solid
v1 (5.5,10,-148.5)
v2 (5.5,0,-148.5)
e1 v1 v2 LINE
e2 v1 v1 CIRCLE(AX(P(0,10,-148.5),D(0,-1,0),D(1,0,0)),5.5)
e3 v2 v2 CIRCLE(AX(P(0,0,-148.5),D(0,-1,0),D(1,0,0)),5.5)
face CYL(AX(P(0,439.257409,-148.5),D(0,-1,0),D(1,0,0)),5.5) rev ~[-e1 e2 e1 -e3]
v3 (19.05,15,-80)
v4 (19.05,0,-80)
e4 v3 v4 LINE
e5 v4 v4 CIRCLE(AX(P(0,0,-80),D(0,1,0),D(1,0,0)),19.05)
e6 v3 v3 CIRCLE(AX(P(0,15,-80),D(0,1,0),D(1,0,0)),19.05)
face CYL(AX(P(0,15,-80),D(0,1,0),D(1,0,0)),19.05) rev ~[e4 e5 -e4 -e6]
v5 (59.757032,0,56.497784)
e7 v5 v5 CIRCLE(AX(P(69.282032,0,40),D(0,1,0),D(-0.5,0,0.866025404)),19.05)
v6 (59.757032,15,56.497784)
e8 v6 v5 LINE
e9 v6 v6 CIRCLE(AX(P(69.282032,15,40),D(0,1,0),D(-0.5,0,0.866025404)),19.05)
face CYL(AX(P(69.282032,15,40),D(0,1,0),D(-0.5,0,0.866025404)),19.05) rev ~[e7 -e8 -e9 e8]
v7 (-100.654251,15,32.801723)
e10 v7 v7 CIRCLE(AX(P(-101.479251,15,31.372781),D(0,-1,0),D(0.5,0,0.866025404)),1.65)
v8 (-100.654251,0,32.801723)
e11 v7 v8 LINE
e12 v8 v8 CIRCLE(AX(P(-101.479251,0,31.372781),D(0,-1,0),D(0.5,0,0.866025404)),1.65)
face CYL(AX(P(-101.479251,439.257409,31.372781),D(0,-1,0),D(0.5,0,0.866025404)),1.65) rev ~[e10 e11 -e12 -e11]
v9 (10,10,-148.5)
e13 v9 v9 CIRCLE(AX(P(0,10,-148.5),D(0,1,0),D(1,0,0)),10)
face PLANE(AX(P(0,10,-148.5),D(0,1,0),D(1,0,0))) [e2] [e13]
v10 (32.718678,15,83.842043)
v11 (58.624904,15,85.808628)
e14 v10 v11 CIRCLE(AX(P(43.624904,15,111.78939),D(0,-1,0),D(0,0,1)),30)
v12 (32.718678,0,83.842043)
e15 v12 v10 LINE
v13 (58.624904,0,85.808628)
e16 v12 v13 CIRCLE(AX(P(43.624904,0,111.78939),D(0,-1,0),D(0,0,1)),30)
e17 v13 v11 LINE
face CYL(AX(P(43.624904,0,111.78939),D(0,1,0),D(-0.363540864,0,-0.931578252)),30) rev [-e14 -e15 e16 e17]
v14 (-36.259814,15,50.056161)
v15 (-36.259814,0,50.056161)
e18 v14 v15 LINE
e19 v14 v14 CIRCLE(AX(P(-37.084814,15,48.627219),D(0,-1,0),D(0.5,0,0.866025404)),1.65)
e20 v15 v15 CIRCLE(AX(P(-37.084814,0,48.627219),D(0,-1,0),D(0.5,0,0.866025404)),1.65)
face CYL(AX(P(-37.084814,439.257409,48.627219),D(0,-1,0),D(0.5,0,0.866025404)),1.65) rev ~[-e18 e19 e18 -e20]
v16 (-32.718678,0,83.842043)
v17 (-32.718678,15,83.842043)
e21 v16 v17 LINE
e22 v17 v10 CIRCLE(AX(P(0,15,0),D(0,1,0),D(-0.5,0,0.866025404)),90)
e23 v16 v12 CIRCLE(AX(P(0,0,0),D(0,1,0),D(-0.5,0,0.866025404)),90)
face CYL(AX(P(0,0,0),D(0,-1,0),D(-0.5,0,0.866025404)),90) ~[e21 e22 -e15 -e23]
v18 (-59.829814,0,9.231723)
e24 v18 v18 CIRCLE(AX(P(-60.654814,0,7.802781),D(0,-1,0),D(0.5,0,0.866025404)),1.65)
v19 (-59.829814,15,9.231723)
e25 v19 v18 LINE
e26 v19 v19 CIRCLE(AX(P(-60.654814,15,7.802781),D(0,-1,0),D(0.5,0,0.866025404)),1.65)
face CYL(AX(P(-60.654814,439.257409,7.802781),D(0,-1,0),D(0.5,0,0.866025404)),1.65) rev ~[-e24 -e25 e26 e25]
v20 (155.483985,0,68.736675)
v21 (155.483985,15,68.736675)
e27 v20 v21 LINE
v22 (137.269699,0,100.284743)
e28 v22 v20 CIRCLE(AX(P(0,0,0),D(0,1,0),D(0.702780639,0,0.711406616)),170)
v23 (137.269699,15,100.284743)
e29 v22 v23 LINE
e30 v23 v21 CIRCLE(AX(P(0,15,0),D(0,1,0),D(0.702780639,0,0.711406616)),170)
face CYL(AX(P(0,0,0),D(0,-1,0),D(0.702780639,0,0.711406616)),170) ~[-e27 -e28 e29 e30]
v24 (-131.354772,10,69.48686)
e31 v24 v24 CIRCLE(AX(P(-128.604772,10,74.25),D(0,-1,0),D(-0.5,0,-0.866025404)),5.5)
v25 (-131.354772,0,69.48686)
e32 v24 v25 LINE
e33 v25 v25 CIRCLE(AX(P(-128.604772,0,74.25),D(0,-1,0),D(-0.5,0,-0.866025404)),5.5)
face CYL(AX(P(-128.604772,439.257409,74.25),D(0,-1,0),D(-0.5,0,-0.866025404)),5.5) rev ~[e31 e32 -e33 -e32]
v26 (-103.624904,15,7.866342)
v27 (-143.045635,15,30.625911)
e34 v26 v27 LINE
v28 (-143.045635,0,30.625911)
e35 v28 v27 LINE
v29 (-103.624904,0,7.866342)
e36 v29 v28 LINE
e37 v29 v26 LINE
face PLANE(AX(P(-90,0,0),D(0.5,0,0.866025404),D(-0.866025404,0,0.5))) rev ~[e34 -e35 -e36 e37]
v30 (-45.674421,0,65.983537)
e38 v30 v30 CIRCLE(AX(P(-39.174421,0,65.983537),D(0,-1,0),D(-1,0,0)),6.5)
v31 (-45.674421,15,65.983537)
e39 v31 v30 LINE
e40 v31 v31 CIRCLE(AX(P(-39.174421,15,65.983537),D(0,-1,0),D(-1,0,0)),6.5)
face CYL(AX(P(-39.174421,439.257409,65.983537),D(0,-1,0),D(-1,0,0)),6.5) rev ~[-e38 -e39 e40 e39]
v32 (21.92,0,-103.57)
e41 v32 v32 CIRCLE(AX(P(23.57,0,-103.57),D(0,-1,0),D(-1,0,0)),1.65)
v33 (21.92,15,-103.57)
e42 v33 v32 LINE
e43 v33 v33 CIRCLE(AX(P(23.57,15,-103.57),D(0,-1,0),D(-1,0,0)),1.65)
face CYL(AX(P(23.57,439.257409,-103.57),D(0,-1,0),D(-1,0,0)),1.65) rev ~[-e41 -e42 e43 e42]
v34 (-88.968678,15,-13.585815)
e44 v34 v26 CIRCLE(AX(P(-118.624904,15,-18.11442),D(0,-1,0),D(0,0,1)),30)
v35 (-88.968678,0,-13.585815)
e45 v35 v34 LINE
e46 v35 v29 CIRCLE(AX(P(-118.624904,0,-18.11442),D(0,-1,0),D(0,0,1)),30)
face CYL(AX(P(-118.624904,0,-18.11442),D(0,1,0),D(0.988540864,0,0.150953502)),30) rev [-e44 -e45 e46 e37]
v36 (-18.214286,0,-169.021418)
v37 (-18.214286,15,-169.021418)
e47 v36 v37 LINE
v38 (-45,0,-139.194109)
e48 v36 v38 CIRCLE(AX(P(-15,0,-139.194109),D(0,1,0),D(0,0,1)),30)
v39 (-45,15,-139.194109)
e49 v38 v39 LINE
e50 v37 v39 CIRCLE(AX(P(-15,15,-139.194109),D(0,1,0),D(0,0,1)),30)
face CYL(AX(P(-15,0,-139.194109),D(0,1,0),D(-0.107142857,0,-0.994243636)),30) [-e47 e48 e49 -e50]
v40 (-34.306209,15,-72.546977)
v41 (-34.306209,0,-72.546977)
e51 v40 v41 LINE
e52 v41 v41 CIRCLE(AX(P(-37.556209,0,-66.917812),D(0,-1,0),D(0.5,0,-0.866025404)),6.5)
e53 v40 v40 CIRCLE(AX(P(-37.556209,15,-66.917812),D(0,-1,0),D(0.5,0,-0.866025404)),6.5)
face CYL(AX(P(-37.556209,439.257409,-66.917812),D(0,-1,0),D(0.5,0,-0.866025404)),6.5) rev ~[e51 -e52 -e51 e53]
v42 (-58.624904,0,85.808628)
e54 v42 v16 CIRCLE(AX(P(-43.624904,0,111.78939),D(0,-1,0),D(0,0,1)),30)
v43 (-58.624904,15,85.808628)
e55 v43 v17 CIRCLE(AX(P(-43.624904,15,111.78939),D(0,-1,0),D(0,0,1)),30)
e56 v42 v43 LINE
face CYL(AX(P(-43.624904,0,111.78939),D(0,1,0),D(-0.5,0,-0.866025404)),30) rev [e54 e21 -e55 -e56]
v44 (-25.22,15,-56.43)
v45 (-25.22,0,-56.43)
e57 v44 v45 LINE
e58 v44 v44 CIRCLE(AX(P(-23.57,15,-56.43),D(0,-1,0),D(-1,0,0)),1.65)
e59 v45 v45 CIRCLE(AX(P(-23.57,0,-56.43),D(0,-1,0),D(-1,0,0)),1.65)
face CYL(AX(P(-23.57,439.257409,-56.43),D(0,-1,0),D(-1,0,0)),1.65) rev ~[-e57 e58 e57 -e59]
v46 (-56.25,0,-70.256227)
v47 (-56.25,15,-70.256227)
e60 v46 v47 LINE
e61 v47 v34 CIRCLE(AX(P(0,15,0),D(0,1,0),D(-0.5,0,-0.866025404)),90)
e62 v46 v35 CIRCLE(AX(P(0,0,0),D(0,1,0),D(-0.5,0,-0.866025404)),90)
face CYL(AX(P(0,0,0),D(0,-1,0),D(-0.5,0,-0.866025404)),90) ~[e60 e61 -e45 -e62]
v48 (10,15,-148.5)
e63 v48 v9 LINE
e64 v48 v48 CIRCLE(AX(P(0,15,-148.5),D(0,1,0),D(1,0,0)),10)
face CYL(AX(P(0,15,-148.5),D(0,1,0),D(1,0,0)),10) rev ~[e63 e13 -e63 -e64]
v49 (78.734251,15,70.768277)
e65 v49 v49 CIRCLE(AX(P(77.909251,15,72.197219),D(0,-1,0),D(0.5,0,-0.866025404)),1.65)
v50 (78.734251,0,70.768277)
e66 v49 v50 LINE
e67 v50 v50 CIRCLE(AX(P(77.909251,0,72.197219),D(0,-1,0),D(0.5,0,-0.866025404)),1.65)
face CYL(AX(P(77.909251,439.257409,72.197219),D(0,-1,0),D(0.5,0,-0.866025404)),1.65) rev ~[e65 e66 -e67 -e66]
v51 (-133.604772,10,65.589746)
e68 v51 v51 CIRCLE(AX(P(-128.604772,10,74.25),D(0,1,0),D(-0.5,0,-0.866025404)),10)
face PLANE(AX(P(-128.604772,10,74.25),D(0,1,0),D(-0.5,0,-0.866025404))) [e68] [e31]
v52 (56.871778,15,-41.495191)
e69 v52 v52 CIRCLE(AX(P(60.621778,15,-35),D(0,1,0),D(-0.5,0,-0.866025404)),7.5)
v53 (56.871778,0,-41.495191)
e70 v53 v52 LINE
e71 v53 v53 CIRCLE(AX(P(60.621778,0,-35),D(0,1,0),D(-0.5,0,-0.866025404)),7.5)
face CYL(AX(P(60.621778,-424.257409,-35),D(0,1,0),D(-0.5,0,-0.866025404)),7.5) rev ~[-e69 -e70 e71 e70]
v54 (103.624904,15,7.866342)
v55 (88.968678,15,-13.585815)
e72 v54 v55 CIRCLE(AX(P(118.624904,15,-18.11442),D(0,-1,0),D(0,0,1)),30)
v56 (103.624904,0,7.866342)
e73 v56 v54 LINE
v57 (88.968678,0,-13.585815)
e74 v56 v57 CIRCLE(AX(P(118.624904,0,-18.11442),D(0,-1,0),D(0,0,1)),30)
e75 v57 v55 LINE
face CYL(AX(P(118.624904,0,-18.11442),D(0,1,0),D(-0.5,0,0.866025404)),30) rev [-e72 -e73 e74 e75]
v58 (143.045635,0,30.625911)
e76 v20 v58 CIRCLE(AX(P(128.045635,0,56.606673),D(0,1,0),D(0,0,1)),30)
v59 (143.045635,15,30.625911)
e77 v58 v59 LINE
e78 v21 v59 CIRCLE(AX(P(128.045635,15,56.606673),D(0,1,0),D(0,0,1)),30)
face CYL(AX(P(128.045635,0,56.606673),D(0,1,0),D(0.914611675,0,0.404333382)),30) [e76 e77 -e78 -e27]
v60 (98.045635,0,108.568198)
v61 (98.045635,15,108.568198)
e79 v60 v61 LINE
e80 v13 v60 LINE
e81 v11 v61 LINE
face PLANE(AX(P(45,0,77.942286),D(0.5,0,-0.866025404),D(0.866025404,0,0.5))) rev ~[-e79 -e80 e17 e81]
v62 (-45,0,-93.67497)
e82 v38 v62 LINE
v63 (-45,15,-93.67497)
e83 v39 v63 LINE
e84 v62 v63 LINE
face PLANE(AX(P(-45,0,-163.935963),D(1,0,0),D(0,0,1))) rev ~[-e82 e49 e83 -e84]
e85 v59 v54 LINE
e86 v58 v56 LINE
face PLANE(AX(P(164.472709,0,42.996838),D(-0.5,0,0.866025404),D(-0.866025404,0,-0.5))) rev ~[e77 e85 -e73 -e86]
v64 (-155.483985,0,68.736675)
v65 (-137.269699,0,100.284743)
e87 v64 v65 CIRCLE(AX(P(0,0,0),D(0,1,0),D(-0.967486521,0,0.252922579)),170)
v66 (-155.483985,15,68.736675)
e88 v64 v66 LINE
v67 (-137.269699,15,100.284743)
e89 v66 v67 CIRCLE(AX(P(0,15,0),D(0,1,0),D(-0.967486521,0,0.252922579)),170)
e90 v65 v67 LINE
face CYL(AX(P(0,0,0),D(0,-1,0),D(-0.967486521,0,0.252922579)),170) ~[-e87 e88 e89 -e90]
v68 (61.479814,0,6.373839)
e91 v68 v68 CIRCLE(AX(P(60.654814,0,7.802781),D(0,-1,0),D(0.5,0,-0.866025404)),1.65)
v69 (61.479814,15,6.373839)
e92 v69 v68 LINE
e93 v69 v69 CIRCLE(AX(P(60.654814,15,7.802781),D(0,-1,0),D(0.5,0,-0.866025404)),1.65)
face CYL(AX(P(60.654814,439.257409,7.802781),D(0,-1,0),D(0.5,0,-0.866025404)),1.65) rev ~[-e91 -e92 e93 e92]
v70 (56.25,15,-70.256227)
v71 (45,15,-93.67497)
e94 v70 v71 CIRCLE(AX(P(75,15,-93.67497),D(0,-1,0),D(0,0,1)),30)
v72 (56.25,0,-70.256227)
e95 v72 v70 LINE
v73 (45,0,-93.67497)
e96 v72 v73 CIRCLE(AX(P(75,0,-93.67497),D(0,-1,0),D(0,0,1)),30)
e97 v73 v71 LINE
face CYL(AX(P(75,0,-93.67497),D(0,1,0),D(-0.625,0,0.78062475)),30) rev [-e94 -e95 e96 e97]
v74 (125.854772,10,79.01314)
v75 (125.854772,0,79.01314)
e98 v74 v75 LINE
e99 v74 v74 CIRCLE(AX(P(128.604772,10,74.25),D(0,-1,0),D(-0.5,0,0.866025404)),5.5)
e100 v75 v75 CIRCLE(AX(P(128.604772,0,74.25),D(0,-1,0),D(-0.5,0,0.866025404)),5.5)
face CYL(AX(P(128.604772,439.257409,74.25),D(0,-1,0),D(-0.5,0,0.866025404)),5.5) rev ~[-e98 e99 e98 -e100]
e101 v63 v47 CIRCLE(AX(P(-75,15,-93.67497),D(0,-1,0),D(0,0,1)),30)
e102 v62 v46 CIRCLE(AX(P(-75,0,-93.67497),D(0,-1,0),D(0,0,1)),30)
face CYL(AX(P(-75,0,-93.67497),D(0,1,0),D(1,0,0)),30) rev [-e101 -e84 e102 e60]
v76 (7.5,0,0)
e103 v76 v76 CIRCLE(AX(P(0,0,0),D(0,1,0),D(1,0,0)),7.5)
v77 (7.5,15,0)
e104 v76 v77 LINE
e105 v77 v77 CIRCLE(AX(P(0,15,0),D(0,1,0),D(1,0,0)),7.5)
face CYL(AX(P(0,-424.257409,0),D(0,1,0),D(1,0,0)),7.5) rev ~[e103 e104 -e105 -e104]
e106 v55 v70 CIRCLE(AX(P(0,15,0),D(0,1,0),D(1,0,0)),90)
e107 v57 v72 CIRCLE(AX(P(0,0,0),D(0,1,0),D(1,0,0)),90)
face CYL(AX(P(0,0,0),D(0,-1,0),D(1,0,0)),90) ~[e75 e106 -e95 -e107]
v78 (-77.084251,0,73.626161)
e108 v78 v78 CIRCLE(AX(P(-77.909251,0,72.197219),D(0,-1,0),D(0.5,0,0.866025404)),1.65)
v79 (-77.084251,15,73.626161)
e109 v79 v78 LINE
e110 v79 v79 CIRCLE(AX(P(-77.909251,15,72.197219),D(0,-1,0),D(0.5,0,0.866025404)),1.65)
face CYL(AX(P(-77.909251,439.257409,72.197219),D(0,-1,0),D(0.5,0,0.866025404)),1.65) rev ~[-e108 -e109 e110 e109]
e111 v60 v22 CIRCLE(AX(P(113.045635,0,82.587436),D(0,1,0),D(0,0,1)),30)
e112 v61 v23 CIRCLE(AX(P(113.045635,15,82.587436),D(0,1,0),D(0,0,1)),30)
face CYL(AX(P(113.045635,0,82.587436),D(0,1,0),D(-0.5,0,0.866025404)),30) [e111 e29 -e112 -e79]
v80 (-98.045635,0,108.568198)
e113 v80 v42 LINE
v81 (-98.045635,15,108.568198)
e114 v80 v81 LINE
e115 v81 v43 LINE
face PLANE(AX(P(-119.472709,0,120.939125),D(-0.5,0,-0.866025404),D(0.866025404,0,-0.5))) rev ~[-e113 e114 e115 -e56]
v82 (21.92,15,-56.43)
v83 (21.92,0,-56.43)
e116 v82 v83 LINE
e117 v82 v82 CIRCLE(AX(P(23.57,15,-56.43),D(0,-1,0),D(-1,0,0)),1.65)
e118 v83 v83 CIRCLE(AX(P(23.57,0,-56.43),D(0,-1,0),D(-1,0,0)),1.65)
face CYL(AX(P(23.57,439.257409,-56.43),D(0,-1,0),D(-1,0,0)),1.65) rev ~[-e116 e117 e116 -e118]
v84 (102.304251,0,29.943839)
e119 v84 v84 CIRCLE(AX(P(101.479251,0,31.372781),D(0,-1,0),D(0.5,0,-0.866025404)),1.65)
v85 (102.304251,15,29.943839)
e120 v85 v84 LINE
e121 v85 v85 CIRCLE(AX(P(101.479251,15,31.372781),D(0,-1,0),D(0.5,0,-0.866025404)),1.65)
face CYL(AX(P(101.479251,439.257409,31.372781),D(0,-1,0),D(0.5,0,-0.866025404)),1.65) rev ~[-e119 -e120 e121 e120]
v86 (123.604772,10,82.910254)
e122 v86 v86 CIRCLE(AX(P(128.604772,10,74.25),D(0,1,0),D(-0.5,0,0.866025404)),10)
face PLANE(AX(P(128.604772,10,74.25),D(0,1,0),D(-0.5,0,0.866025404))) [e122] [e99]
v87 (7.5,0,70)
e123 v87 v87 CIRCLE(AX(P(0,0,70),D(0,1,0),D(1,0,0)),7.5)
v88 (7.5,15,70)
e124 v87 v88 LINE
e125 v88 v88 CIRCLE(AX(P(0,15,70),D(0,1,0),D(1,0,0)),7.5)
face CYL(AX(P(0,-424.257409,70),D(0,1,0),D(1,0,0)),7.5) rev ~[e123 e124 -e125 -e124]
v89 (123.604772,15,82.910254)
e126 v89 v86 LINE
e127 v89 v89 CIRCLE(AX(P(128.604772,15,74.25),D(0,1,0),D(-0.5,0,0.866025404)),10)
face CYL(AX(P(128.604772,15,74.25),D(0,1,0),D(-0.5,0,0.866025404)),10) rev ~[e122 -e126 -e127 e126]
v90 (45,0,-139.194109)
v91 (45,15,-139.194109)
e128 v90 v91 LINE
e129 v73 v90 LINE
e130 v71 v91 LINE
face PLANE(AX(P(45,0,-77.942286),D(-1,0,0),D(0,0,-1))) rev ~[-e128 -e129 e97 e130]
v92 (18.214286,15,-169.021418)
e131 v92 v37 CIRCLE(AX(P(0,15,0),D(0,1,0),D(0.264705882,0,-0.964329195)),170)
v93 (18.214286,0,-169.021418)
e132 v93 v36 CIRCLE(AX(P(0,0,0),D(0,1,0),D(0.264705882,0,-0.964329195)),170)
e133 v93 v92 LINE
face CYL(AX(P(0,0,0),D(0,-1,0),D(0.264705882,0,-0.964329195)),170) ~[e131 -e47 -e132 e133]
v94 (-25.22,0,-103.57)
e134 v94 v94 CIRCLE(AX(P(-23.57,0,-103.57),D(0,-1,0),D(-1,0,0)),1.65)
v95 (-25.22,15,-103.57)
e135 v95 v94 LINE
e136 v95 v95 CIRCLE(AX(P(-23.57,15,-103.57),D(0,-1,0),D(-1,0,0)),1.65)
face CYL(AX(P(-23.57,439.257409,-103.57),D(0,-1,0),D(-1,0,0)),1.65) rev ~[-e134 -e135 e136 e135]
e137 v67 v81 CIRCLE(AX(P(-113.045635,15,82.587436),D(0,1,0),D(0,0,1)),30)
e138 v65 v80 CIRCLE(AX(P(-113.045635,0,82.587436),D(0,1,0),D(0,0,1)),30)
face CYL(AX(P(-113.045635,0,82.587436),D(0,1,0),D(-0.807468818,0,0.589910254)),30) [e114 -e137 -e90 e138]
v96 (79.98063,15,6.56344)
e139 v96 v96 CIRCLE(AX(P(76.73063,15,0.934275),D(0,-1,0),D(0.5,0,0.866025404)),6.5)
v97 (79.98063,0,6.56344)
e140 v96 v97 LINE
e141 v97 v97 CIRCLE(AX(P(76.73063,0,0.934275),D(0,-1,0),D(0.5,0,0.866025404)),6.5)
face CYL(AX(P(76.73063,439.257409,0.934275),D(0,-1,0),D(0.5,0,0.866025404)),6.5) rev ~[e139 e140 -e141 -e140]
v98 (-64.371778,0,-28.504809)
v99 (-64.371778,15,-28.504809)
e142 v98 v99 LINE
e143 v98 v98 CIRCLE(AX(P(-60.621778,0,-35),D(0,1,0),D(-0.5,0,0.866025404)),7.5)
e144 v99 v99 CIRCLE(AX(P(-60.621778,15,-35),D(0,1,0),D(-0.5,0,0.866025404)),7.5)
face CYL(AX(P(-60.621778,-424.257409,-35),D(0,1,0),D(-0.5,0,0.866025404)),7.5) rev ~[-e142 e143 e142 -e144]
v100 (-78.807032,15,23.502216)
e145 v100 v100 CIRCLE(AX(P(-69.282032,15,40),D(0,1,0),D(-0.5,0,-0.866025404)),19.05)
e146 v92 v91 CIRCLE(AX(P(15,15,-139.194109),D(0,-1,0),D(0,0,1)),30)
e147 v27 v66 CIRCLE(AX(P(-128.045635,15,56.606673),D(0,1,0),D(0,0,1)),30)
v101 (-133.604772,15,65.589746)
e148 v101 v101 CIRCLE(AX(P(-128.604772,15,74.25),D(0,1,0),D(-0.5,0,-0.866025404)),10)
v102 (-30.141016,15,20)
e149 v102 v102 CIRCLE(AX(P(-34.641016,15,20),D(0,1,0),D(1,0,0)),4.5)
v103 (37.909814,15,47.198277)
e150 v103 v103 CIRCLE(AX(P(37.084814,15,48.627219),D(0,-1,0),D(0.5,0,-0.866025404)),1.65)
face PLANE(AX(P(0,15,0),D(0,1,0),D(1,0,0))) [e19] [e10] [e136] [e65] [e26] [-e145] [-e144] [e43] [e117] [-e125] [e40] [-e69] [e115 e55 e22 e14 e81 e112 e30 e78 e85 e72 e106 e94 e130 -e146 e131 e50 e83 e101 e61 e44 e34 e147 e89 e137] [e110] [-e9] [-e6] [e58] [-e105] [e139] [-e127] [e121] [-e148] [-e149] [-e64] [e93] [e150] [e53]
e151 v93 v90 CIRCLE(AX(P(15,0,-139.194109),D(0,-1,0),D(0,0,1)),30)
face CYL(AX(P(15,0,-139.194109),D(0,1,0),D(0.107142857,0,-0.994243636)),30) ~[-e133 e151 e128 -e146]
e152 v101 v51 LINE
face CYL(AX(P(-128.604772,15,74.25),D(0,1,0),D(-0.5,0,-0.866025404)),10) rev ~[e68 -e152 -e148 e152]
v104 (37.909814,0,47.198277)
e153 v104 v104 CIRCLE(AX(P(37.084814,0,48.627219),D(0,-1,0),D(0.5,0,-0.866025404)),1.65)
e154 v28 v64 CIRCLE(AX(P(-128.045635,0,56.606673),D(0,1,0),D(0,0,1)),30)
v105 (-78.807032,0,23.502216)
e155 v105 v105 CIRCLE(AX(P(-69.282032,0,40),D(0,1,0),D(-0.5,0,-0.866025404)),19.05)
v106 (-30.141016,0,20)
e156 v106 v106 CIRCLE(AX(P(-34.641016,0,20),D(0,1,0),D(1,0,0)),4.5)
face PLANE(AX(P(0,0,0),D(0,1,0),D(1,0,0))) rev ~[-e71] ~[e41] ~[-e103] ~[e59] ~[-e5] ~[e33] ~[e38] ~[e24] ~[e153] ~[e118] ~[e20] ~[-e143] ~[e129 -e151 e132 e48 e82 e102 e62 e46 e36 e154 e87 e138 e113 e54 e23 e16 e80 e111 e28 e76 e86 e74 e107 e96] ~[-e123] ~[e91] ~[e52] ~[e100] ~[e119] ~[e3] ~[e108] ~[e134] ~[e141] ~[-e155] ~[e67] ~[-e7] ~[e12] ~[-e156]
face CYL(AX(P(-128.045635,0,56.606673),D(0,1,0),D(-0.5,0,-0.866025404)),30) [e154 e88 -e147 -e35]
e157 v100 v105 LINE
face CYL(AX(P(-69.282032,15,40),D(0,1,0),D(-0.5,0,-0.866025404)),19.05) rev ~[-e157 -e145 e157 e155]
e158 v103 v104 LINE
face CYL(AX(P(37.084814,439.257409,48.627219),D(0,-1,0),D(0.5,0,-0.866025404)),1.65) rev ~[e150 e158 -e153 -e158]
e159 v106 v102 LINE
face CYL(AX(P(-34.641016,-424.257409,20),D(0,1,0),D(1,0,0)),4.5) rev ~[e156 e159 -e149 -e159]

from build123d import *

# Parameters (mm, degrees)
BOSS_EXTRUDE1_DEPTH        = 15
FILLET1_R                  = 30
SKETCH4_R                  = 10
CUT_EXTRUDE1_DEPTH         = 5
M10_CLEARANCE_HOLE1_D      = 11
SKETCH7_R                  = 19.05
CUT_EXTRUDE2_DEPTH         = 16
M4_TAPPED_HOLE1_D          = 3.3
CIRPATTERN2_COUNT          = 3
CIRPATTERN3_COUNT          = 3
M12_CLEARANCE_HOLE1_D      = 13
CIRPATTERN4_COUNT          = 3
F_15_0_15_DIAMETER_HOLE1_D = 15
CIRPATTERN5_COUNT          = 3
F_15_0_15_DIAMETER_HOLE2_D = 15
F_9_0_9_DIAMETER_HOLE1_D   = 9


with BuildPart() as part:
    # Sketch1 → Boss-Extrude1 (new body)
    with BuildSketch(Plane(origin=(0, 0, 0), x_dir=(1, 0, 0), z_dir=(0, 1, 0))):
        with BuildLine():
            ThreePointArc((45, 163.935963108), (0, 170), (-45, 163.935963108))
            Line((-45, 163.935963108), (-45, 77.942286341))
            ThreePointArc((-45, 77.942286341), (-77.942286341, 45), (-90, 0))
            Line((-90, 0), (-164.472708645, -42.996838383))
            ThreePointArc((-164.472708645, -42.996838383), (-147.224318643, -85), (-119.472708645, -120.939124724))
            Line((-119.472708645, -120.939124724), (-45, -77.942286341))
            ThreePointArc((-45, -77.942286341), (0, -90), (45, -77.942286341))
            Line((45, -77.942286341), (119.472708645, -120.939124724))
            ThreePointArc((119.472708645, -120.939124724), (147.224318643, -85), (164.472708645, -42.996838383))
            Line((164.472708645, -42.996838383), (90, 0))
            ThreePointArc((90, 0), (77.942286341, 45), (45, 77.942286341))
            Line((45, 77.942286341), (45, 163.935963108))
        make_face()
    extrude(amount=BOSS_EXTRUDE1_DEPTH)

    # Fillet1
    fillet1_edges = [part.edges().sort_by_distance(p)[0] for p in [
        (-119.472708645, 7.5, 120.939124724),
        (-164.472708645, 7.5, 42.996838383),
        (-90, 7.5, 0),
        (-45, 7.5, -77.942286341),
        (-45, 7.5, -163.935963108),
        (45, 7.5, -163.935963108),
        (45, 7.5, -77.942286341),
        (90, 7.5, 0),
        (164.472708645, 7.5, 42.996838383),
        (119.472708645, 7.5, 120.939124724),
        (45, 7.5, 77.942286341),
        (-45, 7.5, 77.942286341),
    ]]
    fillet(fillet1_edges, radius=FILLET1_R)

    # Sketch4 → Cut-Extrude1 (cut)
    with BuildSketch(Plane(origin=(0, 15, 0), x_dir=(1, 0, 0), z_dir=(0, 1, 0))):
        with Locations((0, 148.5)):
            Circle(SKETCH4_R)
    cut_extrude1 = extrude(amount=-CUT_EXTRUDE1_DEPTH, mode=Mode.SUBTRACT)

    # M10 Clearance Hole1 (through all)
    with Locations(Plane(origin=(0, 15, 0), x_dir=(-1, 0, 0), z_dir=(0, 1, 0))):
        with Locations((0, -148.5)):
            m10_clearance_hole1 = Hole(M10_CLEARANCE_HOLE1_D / 2)

    # Sketch7 → Cut-Extrude2 (cut, through all)
    with BuildSketch(Plane(origin=(0, 15, 0), x_dir=(1, 0, 0), z_dir=(0, 1, 0))):
        with Locations((0, 80)):
            Circle(SKETCH7_R)
    cut_extrude2 = extrude(amount=-CUT_EXTRUDE2_DEPTH, mode=Mode.SUBTRACT)

    # M4 Tapped Hole1 (through all)
    with Locations(Plane(origin=(0, 15, 0), x_dir=(1, 0, 0), z_dir=(0, 1, 0))):
        with Locations((-23.57, 103.57), (23.57, 56.43), (23.57, 103.57), (-23.57, 56.43)):
            m4_tapped_hole1 = Hole(M4_TAPPED_HOLE1_D / 2)

    # CirPattern2: Cut-Extrude2, M4 Tapped Hole1 ×3 about axis
    cirpattern2_axis = Axis((0, 0, 0), (0, 1, 0))
    for i in range(1, CIRPATTERN2_COUNT):
        add(cut_extrude2.rotate(cirpattern2_axis, i * 360 / CIRPATTERN2_COUNT), mode=Mode.SUBTRACT)
        add(m4_tapped_hole1.rotate(cirpattern2_axis, i * 360 / CIRPATTERN2_COUNT), mode=Mode.SUBTRACT)

    # CirPattern3: Cut-Extrude1, M10 Clearance Hole1 ×3 about axis
    cirpattern3_axis = Axis((0, 0, 0), (0, 1, 0))
    for i in range(1, CIRPATTERN3_COUNT):
        add(cut_extrude1.rotate(cirpattern3_axis, i * 360 / CIRPATTERN3_COUNT), mode=Mode.SUBTRACT)
        add(m10_clearance_hole1.rotate(cirpattern3_axis, i * 360 / CIRPATTERN3_COUNT), mode=Mode.SUBTRACT)

    # M12 Clearance Hole1 (through all)
    with Locations(Plane(origin=(0, 15, 0), x_dir=(1, 0, 0), z_dir=(0, 1, 0))):
        with Locations((-39.17442065, -65.983537492)):
            m12_clearance_hole1 = Hole(M12_CLEARANCE_HOLE1_D / 2)

    # CirPattern4: M12 Clearance Hole1 ×3 about axis
    cirpattern4_axis = Axis((0, 0, 0), (0, 1, 0))
    for i in range(1, CIRPATTERN4_COUNT):
        add(m12_clearance_hole1.rotate(cirpattern4_axis, i * 360 / CIRPATTERN4_COUNT), mode=Mode.SUBTRACT)

    # Ø15.0 (15) Diameter Hole1 (through all)
    with Locations(Plane(origin=(0, 0, 0), x_dir=(-1, 0, 0), z_dir=(0, -1, 0))):
        with Locations((0, -70)):
            f_15_0_15_diameter_hole1 = Hole(F_15_0_15_DIAMETER_HOLE1_D / 2)

    # CirPattern5: Ø15.0 (15) Diameter Hole1 ×3 about axis
    cirpattern5_axis = Axis((0, 0, 0), (0, 1, 0))
    for i in range(1, CIRPATTERN5_COUNT):
        add(f_15_0_15_diameter_hole1.rotate(cirpattern5_axis, i * 360 / CIRPATTERN5_COUNT), mode=Mode.SUBTRACT)

    # Ø15.0 (15) Diameter Hole2 (through all)
    with Locations(Plane(origin=(0, 0, 0), x_dir=(-1, 0, 0), z_dir=(0, -1, 0))):
        with Locations((0, 0)):
            Hole(F_15_0_15_DIAMETER_HOLE2_D / 2)

    # Ø9.0 (9) Diameter Hole1 (through all)
    with Locations(Plane(origin=(0, 0, 0), x_dir=(-1, 0, 0), z_dir=(0, -1, 0))):
        with Locations((34.641016151, -20)):
            Hole(F_9_0_9_DIAMETER_HOLE1_D / 2)


solid = part.part
